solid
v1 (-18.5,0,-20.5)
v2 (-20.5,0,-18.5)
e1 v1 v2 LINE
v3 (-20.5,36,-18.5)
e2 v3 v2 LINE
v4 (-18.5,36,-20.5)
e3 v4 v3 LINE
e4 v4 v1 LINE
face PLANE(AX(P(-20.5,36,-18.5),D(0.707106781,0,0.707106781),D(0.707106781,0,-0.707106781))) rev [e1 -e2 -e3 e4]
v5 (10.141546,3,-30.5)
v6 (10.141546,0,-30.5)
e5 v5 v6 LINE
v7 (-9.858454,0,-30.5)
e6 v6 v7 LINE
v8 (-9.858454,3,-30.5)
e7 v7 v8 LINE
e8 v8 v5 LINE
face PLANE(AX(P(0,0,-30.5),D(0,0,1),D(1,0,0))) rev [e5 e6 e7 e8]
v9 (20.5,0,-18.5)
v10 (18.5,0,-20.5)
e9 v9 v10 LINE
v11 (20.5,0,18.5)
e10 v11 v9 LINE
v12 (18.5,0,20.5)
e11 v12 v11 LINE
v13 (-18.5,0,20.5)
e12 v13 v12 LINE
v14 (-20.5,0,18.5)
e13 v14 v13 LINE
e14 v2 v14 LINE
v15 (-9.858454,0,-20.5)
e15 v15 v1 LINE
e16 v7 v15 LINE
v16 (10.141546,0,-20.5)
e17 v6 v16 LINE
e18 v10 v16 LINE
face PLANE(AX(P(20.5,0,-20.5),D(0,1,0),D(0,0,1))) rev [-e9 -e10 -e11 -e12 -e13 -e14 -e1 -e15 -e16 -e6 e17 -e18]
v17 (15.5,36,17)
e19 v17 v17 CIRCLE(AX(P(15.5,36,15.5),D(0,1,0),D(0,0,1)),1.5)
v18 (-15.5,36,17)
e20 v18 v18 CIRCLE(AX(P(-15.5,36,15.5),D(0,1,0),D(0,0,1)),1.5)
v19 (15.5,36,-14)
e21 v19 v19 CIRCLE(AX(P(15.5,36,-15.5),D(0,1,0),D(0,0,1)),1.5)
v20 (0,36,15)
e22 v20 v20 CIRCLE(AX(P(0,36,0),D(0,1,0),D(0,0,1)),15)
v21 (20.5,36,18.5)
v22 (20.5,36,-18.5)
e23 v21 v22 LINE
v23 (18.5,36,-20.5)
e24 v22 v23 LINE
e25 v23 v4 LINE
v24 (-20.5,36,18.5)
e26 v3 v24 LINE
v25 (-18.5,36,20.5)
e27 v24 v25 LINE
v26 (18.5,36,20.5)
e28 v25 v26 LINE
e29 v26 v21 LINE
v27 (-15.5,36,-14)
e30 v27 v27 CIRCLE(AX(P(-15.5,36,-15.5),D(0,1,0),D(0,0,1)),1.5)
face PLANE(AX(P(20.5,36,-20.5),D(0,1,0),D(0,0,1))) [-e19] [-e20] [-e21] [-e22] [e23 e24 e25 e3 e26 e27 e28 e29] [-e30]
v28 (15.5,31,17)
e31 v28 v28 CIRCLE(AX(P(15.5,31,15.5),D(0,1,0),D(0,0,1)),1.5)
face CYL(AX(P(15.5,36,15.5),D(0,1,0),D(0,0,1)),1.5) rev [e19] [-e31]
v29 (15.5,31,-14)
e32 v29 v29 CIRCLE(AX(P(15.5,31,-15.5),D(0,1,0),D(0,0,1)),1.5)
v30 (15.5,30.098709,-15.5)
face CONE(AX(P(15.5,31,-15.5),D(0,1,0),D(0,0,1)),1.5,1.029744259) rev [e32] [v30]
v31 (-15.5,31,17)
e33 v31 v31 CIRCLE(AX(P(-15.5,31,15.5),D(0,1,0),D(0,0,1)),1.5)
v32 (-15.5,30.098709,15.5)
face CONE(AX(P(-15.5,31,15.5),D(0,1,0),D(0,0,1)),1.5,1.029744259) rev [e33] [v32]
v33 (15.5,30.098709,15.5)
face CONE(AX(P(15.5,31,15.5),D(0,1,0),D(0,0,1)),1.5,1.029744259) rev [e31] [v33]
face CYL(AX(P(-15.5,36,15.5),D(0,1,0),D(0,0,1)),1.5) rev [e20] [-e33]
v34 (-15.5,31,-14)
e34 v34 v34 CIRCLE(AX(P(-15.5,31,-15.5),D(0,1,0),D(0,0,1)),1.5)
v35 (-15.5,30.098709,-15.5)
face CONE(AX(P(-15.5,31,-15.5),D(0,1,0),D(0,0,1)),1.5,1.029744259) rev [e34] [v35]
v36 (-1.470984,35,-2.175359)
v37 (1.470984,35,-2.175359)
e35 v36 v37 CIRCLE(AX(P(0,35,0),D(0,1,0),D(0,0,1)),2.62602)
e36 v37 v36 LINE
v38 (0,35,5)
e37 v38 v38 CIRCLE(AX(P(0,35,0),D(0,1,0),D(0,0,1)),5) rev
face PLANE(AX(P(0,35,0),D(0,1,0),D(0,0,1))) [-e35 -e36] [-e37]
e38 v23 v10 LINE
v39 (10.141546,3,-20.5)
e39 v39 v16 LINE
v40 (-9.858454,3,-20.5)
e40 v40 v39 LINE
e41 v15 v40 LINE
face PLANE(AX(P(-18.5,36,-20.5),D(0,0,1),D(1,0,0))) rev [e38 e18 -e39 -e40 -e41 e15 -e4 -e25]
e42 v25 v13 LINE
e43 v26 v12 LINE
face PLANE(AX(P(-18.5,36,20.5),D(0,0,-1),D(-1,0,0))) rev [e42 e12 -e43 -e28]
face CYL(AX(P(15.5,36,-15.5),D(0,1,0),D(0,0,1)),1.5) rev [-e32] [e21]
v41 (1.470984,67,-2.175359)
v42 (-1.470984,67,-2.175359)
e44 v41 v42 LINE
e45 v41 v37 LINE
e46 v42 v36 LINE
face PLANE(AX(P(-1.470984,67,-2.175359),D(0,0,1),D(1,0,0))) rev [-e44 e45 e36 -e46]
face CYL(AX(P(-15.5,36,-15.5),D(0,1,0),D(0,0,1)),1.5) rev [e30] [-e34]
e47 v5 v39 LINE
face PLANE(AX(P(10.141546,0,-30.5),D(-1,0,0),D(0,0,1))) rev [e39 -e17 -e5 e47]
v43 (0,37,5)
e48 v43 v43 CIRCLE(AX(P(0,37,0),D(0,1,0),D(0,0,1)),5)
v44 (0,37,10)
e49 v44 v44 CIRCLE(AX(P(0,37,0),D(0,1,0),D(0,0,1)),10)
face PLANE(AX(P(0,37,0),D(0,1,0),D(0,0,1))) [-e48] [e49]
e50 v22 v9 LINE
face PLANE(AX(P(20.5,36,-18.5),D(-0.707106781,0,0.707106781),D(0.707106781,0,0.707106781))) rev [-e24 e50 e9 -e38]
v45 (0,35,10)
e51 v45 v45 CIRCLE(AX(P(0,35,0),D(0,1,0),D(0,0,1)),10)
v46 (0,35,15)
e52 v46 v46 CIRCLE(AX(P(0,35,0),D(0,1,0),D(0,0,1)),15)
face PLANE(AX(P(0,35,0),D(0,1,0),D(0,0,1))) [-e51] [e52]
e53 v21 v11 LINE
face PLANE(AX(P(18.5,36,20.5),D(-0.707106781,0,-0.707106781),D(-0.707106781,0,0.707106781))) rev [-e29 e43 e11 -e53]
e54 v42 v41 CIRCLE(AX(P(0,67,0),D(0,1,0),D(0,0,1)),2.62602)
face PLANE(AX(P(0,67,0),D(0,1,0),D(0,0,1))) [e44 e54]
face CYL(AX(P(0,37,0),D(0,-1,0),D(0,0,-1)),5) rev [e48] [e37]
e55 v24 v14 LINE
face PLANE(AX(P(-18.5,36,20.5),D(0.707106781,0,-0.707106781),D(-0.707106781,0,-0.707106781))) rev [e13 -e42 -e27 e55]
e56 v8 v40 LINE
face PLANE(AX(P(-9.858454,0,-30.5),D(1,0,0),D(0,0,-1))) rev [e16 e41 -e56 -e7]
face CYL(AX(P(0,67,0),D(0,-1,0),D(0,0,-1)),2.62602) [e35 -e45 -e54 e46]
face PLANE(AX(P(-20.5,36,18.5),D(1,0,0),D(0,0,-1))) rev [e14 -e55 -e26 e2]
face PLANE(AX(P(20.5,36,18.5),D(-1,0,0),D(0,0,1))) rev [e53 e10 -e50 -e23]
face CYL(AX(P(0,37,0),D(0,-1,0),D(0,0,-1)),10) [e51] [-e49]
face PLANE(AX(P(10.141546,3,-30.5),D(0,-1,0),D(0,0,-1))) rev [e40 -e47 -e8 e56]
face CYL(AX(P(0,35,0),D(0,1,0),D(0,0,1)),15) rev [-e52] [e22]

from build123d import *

# Parameters (mm, degrees)
BOSS_EXTRUDE1_DEPTH          = 36
SKETCH2_R                    = 15
CUT_EXTRUDE1_DEPTH           = 1
SKETCH3_R                    = 10
SKETCH3_R_2                  = 5
BOSS_EXTRUDE2_DEPTH          = 2
BOSS_EXTRUDE3_DEPTH          = 32
F_3_0_3_DIAMETER_HOLE1_D     = 3
F_3_0_3_DIAMETER_HOLE1_DEPTH = 5
F_3_0_3_DIAMETER_HOLE1_TIP   = 0.901290929
SKETCH7_W                    = 20
SKETCH7_H                    = 3
BOSS_EXTRUDE4_DEPTH          = 10


with BuildPart() as part:
    # Sketch1 → Boss-Extrude1 (new body)
    with BuildSketch(Plane(origin=(0, 0, 0), x_dir=(1, 0, 0), z_dir=(0, 1, 0))):
        Polygon((-20.5, 18.5), (-18.5, 20.5), (18.5, 20.5), (20.5, 18.5), (20.5, -18.5), (18.5, -20.5), (-18.5, -20.5), (-20.5, -18.5), align=None)
    extrude(amount=BOSS_EXTRUDE1_DEPTH)

    # Sketch2 → Cut-Extrude1 (cut)
    with BuildSketch(Plane(origin=(0, 36, 0), x_dir=(-1, 0, 0), z_dir=(0, 1, 0))):
        Circle(SKETCH2_R)
    extrude(amount=-CUT_EXTRUDE1_DEPTH, mode=Mode.SUBTRACT)

    # Sketch3 → Boss-Extrude2 (add)
    with BuildSketch(Plane(origin=(0, 35, 0), x_dir=(1, 0, 0), z_dir=(0, 1, 0))):
        Circle(SKETCH3_R)
        Circle(SKETCH3_R_2, mode=Mode.SUBTRACT)
    extrude(amount=BOSS_EXTRUDE2_DEPTH)

    # Sketch4 → Boss-Extrude3 (add)
    with BuildSketch(Plane(origin=(0, 35, 0), x_dir=(1, 0, 0), z_dir=(0, 1, 0))):
        with BuildLine():
            Line((-1.470984161, 2.175359116), (1.470984161, 2.175359116))
            ThreePointArc((1.470984161, 2.175359116), (0, -2.626020123), (-1.470984161, 2.175359116))
        make_face()
    extrude(amount=BOSS_EXTRUDE3_DEPTH)

    # Ø3.0 (3) Diameter Hole1
    with Locations(Plane(origin=(0, 36, 0), x_dir=(-1, 0, 0), z_dir=(0, 1, 0))):
        with Locations((-15.5, -15.5), (15.5, -15.5), (15.5, 15.5), (-15.5, 15.5)):
            Hole(F_3_0_3_DIAMETER_HOLE1_D / 2, depth=F_3_0_3_DIAMETER_HOLE1_DEPTH)
            with Locations((0, 0, -(F_3_0_3_DIAMETER_HOLE1_DEPTH + F_3_0_3_DIAMETER_HOLE1_TIP / 2))):  # 118° drill point
                Cone(0, F_3_0_3_DIAMETER_HOLE1_D / 2, F_3_0_3_DIAMETER_HOLE1_TIP, mode=Mode.SUBTRACT)

    # Sketch7 → Boss-Extrude4 (add)
    with BuildSketch(Plane(origin=(0, 0, -20.5), x_dir=(-1, 0, 0), z_dir=(0, 0, -1))):
        with Locations((-0.141546157, 1.5)):
            Rectangle(SKETCH7_W, SKETCH7_H)
    extrude(amount=BOSS_EXTRUDE4_DEPTH)


solid = part.part
